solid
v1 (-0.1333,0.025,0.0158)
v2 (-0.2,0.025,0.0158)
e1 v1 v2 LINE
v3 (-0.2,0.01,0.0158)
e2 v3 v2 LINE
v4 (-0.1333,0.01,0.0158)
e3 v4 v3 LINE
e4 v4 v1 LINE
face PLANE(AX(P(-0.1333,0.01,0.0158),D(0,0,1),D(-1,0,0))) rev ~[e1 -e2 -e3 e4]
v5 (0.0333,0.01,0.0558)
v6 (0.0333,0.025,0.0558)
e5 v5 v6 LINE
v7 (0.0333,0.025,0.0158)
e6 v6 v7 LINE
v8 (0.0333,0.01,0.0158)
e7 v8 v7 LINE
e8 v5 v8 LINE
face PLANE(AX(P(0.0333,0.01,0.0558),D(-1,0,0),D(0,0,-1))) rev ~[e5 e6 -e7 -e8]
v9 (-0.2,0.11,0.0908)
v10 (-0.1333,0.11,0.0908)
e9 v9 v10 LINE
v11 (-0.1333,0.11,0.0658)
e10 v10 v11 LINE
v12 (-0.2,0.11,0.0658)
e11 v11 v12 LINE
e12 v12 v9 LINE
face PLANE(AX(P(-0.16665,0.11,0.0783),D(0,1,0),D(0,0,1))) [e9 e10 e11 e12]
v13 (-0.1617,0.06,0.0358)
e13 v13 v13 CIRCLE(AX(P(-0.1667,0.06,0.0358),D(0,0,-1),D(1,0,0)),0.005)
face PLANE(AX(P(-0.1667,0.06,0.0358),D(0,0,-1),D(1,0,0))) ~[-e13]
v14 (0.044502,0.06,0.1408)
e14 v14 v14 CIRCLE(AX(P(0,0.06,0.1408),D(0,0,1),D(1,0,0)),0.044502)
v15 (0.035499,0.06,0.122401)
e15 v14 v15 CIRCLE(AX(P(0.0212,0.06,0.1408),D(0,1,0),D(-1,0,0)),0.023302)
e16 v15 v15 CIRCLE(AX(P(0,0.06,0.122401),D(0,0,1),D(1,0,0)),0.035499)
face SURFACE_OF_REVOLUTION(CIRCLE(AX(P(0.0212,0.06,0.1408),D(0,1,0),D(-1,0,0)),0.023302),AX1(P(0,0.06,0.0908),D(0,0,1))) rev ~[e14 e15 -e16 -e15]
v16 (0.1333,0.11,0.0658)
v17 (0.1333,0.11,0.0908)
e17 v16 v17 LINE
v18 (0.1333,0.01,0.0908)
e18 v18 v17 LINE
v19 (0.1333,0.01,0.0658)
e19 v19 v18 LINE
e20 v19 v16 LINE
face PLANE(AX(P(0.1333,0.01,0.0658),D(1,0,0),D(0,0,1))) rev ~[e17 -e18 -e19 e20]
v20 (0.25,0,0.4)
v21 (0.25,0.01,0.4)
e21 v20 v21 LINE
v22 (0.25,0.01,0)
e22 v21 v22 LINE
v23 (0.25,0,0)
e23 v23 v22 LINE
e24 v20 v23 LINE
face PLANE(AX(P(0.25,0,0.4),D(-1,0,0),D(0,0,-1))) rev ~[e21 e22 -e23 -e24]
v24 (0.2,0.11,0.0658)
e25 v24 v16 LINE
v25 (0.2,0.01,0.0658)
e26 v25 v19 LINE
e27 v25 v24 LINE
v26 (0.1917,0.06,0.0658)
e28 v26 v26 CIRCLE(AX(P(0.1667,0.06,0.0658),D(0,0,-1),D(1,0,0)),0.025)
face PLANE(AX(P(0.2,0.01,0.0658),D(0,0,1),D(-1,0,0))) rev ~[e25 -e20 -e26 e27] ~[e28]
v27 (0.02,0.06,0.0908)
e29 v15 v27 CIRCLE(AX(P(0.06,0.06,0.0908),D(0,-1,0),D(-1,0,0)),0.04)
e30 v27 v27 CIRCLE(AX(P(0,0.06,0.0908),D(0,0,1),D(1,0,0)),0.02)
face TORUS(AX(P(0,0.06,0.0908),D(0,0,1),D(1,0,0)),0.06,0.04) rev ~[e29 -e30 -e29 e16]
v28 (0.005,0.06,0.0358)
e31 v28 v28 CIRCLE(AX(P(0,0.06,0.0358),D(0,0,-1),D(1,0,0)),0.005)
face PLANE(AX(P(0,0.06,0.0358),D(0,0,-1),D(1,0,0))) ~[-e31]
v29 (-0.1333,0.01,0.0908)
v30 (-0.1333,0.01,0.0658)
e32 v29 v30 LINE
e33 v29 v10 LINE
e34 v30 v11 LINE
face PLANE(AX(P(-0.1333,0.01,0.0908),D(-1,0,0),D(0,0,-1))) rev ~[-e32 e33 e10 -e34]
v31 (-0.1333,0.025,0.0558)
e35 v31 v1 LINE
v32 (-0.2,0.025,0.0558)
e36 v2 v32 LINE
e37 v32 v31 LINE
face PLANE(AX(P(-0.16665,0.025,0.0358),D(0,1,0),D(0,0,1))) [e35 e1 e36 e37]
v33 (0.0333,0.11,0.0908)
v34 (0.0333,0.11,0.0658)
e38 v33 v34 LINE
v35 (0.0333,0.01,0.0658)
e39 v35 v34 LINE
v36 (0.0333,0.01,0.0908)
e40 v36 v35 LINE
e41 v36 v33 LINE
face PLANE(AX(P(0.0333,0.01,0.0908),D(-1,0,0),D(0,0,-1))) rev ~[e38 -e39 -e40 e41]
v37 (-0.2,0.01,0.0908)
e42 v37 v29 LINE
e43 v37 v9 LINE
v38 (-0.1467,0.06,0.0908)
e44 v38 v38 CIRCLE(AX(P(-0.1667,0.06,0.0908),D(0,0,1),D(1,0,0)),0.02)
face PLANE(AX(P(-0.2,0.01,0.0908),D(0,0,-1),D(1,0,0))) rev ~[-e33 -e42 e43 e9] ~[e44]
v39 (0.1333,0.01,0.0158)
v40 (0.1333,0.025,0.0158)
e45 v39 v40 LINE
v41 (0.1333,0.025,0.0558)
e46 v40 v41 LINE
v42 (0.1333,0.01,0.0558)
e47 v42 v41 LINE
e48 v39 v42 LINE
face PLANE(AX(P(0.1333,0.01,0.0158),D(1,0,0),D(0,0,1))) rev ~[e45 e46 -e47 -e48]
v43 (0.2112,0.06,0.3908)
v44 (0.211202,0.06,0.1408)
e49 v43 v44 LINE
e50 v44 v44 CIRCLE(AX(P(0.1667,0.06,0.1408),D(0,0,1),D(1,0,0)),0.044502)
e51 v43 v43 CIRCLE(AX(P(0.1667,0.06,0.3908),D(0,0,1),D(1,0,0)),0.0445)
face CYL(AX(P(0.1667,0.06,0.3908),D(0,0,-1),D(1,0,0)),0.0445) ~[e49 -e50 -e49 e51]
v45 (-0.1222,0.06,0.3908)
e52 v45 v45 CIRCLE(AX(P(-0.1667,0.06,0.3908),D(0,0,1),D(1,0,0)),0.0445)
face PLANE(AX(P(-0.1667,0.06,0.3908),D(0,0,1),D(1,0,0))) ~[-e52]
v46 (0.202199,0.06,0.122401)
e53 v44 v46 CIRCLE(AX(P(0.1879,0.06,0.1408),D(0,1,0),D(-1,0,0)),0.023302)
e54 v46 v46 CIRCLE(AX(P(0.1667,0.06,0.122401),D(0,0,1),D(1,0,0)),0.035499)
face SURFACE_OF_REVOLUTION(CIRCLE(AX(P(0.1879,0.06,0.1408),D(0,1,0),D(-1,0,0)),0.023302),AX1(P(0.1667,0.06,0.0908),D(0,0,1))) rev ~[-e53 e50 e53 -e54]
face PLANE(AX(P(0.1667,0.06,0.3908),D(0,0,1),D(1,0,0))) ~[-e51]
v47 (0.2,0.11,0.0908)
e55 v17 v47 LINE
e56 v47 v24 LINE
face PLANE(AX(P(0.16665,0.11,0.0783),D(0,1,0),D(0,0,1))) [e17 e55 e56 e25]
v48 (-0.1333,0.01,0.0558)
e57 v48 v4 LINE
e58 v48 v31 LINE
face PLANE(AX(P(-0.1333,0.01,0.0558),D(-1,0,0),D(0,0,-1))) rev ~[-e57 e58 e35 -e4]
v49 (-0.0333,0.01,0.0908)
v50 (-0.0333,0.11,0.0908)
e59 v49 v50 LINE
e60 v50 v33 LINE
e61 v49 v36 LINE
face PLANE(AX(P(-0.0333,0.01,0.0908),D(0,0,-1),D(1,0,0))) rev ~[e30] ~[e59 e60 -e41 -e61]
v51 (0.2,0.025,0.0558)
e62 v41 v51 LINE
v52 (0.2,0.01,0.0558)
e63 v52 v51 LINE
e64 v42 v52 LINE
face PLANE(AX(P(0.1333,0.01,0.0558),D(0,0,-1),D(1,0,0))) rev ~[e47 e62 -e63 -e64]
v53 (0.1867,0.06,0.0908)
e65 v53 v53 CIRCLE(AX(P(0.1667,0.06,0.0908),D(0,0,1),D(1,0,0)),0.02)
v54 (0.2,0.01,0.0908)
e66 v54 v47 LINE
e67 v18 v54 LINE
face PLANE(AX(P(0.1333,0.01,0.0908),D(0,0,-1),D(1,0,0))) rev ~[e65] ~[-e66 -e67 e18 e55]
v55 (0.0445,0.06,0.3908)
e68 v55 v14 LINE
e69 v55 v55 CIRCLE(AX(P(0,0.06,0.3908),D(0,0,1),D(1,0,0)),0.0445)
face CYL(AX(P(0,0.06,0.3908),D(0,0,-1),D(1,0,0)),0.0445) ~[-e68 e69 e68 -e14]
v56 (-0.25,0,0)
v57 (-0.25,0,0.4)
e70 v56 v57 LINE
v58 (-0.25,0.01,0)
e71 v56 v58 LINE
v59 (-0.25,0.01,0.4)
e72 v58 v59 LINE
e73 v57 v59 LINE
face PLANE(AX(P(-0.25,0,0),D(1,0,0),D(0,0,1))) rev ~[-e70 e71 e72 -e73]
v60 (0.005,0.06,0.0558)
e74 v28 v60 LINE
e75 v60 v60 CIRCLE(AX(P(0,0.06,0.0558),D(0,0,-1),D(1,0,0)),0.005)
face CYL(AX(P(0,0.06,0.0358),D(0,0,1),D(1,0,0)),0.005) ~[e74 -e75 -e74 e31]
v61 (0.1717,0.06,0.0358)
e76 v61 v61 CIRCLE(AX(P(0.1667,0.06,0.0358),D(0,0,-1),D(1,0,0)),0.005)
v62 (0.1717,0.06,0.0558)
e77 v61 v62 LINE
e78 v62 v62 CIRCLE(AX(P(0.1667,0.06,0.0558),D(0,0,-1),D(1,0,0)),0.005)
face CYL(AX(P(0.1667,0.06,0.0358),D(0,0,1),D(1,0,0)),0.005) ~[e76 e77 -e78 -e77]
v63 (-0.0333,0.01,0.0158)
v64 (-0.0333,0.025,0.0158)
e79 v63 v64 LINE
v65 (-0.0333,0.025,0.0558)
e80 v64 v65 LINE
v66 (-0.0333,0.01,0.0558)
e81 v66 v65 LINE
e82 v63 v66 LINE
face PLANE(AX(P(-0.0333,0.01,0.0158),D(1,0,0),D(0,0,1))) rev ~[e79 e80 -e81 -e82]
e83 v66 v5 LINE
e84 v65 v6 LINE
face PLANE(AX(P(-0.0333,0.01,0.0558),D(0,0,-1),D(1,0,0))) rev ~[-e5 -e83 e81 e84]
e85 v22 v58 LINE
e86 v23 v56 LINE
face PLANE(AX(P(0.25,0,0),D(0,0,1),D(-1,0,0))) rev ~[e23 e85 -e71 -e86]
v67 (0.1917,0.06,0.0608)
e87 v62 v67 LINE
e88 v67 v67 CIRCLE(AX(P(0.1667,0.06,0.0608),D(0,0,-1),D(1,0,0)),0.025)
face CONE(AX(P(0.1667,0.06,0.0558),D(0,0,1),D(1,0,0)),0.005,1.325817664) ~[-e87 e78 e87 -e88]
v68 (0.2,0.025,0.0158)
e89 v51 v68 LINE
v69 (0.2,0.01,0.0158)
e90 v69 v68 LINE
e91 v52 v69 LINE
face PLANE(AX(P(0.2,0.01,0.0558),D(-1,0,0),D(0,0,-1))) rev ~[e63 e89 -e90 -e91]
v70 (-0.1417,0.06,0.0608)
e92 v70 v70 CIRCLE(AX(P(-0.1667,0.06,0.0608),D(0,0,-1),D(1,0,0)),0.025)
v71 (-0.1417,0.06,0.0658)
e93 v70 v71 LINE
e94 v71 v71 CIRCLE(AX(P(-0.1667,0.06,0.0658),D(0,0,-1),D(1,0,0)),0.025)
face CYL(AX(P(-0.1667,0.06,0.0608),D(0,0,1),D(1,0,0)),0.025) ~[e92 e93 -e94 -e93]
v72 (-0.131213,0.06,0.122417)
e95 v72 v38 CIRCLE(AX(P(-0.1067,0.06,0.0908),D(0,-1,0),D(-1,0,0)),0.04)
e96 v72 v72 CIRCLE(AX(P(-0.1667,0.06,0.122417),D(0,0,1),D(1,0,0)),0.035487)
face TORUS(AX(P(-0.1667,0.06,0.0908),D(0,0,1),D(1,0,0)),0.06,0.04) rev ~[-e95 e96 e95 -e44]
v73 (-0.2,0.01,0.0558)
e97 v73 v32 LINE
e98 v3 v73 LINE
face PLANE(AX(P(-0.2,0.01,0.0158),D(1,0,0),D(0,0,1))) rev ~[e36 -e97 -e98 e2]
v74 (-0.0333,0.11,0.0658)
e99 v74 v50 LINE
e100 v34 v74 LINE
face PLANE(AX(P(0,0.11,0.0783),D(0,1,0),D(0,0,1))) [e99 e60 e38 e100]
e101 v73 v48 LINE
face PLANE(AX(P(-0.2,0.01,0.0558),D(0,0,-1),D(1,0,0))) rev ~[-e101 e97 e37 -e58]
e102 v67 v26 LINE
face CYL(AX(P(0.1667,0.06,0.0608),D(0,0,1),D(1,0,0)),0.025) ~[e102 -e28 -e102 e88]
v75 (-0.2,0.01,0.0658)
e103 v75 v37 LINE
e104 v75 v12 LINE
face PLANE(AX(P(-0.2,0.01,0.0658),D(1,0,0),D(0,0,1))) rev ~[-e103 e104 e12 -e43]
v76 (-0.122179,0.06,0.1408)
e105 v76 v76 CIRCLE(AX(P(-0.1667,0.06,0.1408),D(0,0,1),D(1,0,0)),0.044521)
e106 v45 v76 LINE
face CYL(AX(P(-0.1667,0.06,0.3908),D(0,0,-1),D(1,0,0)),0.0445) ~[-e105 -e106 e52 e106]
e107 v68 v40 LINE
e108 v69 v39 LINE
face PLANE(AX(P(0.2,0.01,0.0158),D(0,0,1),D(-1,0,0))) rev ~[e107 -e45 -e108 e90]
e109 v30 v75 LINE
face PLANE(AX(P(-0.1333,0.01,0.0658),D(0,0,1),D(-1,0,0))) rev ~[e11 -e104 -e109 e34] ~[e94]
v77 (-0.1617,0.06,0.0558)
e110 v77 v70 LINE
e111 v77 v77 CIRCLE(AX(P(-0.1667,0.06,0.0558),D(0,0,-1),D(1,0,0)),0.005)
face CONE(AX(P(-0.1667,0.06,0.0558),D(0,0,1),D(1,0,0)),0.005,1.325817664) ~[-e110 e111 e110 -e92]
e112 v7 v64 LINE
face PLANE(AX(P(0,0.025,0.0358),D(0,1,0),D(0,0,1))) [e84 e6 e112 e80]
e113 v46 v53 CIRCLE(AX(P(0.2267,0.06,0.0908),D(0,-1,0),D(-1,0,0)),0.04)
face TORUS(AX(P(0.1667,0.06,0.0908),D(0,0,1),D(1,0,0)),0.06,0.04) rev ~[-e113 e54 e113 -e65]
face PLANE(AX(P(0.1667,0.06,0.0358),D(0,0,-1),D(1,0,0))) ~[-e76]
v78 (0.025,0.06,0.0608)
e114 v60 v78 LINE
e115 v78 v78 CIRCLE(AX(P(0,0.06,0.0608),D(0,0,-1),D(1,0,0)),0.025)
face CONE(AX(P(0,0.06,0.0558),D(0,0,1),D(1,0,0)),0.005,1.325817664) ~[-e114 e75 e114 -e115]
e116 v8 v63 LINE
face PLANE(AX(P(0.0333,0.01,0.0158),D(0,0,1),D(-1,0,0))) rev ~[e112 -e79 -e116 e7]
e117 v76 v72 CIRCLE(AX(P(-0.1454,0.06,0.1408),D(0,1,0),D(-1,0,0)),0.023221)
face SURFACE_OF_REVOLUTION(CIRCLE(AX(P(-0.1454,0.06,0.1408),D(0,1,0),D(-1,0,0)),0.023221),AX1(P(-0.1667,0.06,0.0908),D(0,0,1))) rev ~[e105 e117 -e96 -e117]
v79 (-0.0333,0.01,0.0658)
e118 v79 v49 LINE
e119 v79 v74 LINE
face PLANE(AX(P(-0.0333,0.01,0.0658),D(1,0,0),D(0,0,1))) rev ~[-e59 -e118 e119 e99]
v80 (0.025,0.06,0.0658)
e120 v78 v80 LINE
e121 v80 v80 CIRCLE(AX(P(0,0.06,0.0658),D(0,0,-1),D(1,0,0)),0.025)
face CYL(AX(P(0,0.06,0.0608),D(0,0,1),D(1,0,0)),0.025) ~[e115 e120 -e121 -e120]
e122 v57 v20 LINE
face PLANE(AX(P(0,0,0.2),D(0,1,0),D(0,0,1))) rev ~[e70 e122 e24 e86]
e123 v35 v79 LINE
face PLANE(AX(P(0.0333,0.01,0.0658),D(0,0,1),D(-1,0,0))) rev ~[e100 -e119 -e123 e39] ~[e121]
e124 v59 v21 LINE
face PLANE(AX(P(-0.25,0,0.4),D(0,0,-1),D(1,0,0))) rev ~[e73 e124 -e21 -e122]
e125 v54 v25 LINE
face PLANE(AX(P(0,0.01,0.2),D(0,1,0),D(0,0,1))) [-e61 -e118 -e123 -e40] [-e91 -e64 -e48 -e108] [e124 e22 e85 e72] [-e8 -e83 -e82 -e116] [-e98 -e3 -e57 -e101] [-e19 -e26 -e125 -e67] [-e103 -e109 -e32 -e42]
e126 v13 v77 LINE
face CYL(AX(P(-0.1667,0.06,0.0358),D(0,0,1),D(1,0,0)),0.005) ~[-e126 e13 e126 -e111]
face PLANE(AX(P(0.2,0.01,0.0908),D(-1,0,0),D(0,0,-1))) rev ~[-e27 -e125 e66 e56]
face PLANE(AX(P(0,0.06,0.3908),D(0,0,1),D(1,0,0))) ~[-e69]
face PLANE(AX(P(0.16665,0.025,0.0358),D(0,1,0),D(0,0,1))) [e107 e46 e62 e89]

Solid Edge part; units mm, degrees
sketch "Sketch1" plane through (0, 0, 0) normal (0, -1, 0) x (1, 0, 0)
  line L0 (0.25, 0.4) -> (0.25, 0)
  line L1 (0.25, 0) -> (-0.25, 0)
  line L2 (-0.25, 0) -> (-0.25, 0.4)
  line L3 (-0.25, 0.4) -> (0.25, 0.4)
extrude "Protrusion1" add sketch "Sketch1" against normal blind 0.01
sketch "Sketch2" plane through (0, 0.01, 0.2) normal (0, 1, 0) x (-1, 0, 0)
  line L0 (-0.2, -0.1342) -> (-0.1333, -0.1342)
  line L1 (-0.1333, -0.1342) -> (-0.1333, -0.1092)
  line L2 (-0.1333, -0.1092) -> (-0.2, -0.1092)
  line L3 (-0.2, -0.1092) -> (-0.2, -0.1342)
  line L4 (-0.0333, -0.1092) -> (-0.0333, -0.1342)
  line L5 (-0.0333, -0.1342) -> (0.0333, -0.1342)
  line L6 (0.0333, -0.1342) -> (0.0333, -0.1092)
  line L7 (0.0333, -0.1092) -> (-0.0333, -0.1092)
  line L8 (0.1333, -0.1342) -> (0.2, -0.1342)
  line L9 (0.2, -0.1342) -> (0.2, -0.1092)
  line L10 (0.2, -0.1092) -> (0.1333, -0.1092)
  line L11 (0.1333, -0.1092) -> (0.1333, -0.1342)
  dimension "D1" = 0.1
  dimension "D2" = 0.025
  dimension "D3" = 0.05
  dimension "D4" = 0.05
  dimension "D5" = 0.04
  dimension "D6" = 0.01
extrude "ExtrudedProtrusion_2" add sketch "Sketch2" along normal blind 0.1
sketch "Sketch3" plane through (0, 0.01, 0.2) normal (0, 1, 0) x (-1, 0, 0)
  line L0 (-0.2, -0.1842) -> (-0.1333, -0.1842)
  line L1 (-0.1333, -0.1842) -> (-0.1333, -0.1442)
  line L2 (-0.1333, -0.1442) -> (-0.2, -0.1442)
  line L3 (-0.2, -0.1442) -> (-0.2, -0.1842)
  line L4 (-0.0333, -0.1442) -> (-0.0333, -0.1842)
  line L5 (-0.0333, -0.1842) -> (0.0333, -0.1842)
  line L6 (0.0333, -0.1842) -> (0.0333, -0.1442)
  line L7 (0.0333, -0.1442) -> (-0.0333, -0.1442)
  line L8 (0.1333, -0.1842) -> (0.2, -0.1842)
  line L9 (0.2, -0.1842) -> (0.2, -0.1442)
  line L10 (0.2, -0.1442) -> (0.1333, -0.1442)
  line L11 (0.1333, -0.1442) -> (0.1333, -0.1842)
  dimension "D1" = 0.1
  dimension "D2" = 0.025
  dimension "D3" = 0.05
  dimension "D4" = 0.05
  dimension "D5" = 0.04
  dimension "D6" = 0.01
extrude "ExtrudedProtrusion_3" add sketch "Sketch3" along normal blind 0.015
sketch "Sketch4" plane through (0, 0.06, 0.2) normal (0, 1, 0) x (-1, 0, 0)
  line L0 (-0.2112, 0.1908) -> (-0.2112, -0.0592)
  arc A0 (-0.2112, -0.0592) -> (-0.2022, -0.0776) centre (-0.1879, -0.0592) ccw
  arc A1 (-0.2022, -0.0776) -> (-0.1867, -0.1092) centre (-0.2267, -0.1092) cw
  line L1 (-0.1867, -0.1092) -> (-0.1667, -0.1092)
  line L2 (-0.1667, -0.1092) -> (-0.1667, 0.1908)
  line L3 (-0.1667, 0.1908) -> (-0.2112, 0.1908)
revolve "RevolvedProtrusion1" add sketch "Sketch4" angle 360 about axis through (0.1667, 0.06, 0.0908) along (0, 0, 1)
sketch "Sketch5" plane through (0, 0.06, 0.2) normal (0, 1, 0) x (-1, 0, 0)
  line L0 (-0.0445, 0.1908) -> (-0.0445, -0.0592)
  arc A0 (-0.0445, -0.0592) -> (-0.0355, -0.0776) centre (-0.0212, -0.0592) ccw
  arc A1 (-0.0355, -0.0776) -> (-0.02, -0.1092) centre (-0.06, -0.1092) cw
  line L1 (-0.02, -0.1092) -> (0, -0.1092)
  line L2 (0, -0.1092) -> (0, 0.1908)
  line L3 (0, 0.1908) -> (-0.0445, 0.1908)
revolve "RevolvedProtrusion2" add sketch "Sketch5" angle 360 about axis through (0, 0.06, 0.0908) along (0, 0, 1)
sketch "Sketch6" plane through (0, 0.06, 0.2) normal (0, 1, 0) x (-1, 0, 0)
  line L0 (0.1222, 0.1908) -> (0.1222, -0.0592)
  arc A0 (0.1222, -0.0592) -> (0.1312, -0.0776) centre (0.1454, -0.0592) ccw
  arc A1 (0.1312, -0.0776) -> (0.1467, -0.1092) centre (0.1067, -0.1092) cw
  line L1 (0.1467, -0.1092) -> (0.1667, -0.1092)
  line L2 (0.1667, -0.1092) -> (0.1667, 0.1908)
  line L3 (0.1667, 0.1908) -> (0.1222, 0.1908)
revolve "RevolvedProtrusion3" add sketch "Sketch6" angle 360 about axis through (-0.1667, 0.06, 0.0908) along (0, 0, 1)
sketch "Sketch7" plane through (0, 0.06, 0.2) normal (0, 1, 0) x (-1, 0, 0)
  line L0 (-0.1717, -0.1442) -> (-0.1917, -0.1392)
  line L1 (-0.1917, -0.1392) -> (-0.1917, -0.1342)
  line L2 (-0.1917, -0.1342) -> (-0.1667, -0.1342)
  line L3 (-0.1667, -0.1342) -> (-0.1667, -0.1642)
  line L4 (-0.1667, -0.1642) -> (-0.1717, -0.1642)
  line L5 (-0.1717, -0.1642) -> (-0.1717, -0.1442)
revolve "RevolvedProtrusion4" add sketch "Sketch7" angle 360 about axis through (0.1667, 0.06, 0.0658) along (0, 0, -1)
sketch "Sketch8" plane through (0, 0.06, 0.2) normal (0, 1, 0) x (-1, 0, 0)
  line L0 (-0.005, -0.1442) -> (-0.025, -0.1392)
  line L1 (-0.025, -0.1392) -> (-0.025, -0.1342)
  line L2 (-0.025, -0.1342) -> (0, -0.1342)
  line L3 (0, -0.1342) -> (0, -0.1642)
  line L4 (0, -0.1642) -> (-0.005, -0.1642)
  line L5 (-0.005, -0.1642) -> (-0.005, -0.1442)
revolve "RevolvedProtrusion5" add sketch "Sketch8" angle 360 about axis through (0, 0.06, 0.0658) along (0, 0, -1)
sketch "Sketch9" plane through (0, 0.06, 0.2) normal (0, 1, 0) x (-1, 0, 0)
  line L0 (0.1617, -0.1642) -> (0.1617, -0.1442)
  line L1 (0.1617, -0.1442) -> (0.1417, -0.1392)
  line L2 (0.1417, -0.1392) -> (0.1417, -0.1342)
  line L3 (0.1417, -0.1342) -> (0.1667, -0.1342)
  line L4 (0.1667, -0.1342) -> (0.1667, -0.1642)
  line L5 (0.1667, -0.1642) -> (0.1617, -0.1642)
revolve "RevolvedProtrusion6" add sketch "Sketch9" angle 360 about axis through (-0.1667, 0.06, 0.0658) along (0, 0, -1)
